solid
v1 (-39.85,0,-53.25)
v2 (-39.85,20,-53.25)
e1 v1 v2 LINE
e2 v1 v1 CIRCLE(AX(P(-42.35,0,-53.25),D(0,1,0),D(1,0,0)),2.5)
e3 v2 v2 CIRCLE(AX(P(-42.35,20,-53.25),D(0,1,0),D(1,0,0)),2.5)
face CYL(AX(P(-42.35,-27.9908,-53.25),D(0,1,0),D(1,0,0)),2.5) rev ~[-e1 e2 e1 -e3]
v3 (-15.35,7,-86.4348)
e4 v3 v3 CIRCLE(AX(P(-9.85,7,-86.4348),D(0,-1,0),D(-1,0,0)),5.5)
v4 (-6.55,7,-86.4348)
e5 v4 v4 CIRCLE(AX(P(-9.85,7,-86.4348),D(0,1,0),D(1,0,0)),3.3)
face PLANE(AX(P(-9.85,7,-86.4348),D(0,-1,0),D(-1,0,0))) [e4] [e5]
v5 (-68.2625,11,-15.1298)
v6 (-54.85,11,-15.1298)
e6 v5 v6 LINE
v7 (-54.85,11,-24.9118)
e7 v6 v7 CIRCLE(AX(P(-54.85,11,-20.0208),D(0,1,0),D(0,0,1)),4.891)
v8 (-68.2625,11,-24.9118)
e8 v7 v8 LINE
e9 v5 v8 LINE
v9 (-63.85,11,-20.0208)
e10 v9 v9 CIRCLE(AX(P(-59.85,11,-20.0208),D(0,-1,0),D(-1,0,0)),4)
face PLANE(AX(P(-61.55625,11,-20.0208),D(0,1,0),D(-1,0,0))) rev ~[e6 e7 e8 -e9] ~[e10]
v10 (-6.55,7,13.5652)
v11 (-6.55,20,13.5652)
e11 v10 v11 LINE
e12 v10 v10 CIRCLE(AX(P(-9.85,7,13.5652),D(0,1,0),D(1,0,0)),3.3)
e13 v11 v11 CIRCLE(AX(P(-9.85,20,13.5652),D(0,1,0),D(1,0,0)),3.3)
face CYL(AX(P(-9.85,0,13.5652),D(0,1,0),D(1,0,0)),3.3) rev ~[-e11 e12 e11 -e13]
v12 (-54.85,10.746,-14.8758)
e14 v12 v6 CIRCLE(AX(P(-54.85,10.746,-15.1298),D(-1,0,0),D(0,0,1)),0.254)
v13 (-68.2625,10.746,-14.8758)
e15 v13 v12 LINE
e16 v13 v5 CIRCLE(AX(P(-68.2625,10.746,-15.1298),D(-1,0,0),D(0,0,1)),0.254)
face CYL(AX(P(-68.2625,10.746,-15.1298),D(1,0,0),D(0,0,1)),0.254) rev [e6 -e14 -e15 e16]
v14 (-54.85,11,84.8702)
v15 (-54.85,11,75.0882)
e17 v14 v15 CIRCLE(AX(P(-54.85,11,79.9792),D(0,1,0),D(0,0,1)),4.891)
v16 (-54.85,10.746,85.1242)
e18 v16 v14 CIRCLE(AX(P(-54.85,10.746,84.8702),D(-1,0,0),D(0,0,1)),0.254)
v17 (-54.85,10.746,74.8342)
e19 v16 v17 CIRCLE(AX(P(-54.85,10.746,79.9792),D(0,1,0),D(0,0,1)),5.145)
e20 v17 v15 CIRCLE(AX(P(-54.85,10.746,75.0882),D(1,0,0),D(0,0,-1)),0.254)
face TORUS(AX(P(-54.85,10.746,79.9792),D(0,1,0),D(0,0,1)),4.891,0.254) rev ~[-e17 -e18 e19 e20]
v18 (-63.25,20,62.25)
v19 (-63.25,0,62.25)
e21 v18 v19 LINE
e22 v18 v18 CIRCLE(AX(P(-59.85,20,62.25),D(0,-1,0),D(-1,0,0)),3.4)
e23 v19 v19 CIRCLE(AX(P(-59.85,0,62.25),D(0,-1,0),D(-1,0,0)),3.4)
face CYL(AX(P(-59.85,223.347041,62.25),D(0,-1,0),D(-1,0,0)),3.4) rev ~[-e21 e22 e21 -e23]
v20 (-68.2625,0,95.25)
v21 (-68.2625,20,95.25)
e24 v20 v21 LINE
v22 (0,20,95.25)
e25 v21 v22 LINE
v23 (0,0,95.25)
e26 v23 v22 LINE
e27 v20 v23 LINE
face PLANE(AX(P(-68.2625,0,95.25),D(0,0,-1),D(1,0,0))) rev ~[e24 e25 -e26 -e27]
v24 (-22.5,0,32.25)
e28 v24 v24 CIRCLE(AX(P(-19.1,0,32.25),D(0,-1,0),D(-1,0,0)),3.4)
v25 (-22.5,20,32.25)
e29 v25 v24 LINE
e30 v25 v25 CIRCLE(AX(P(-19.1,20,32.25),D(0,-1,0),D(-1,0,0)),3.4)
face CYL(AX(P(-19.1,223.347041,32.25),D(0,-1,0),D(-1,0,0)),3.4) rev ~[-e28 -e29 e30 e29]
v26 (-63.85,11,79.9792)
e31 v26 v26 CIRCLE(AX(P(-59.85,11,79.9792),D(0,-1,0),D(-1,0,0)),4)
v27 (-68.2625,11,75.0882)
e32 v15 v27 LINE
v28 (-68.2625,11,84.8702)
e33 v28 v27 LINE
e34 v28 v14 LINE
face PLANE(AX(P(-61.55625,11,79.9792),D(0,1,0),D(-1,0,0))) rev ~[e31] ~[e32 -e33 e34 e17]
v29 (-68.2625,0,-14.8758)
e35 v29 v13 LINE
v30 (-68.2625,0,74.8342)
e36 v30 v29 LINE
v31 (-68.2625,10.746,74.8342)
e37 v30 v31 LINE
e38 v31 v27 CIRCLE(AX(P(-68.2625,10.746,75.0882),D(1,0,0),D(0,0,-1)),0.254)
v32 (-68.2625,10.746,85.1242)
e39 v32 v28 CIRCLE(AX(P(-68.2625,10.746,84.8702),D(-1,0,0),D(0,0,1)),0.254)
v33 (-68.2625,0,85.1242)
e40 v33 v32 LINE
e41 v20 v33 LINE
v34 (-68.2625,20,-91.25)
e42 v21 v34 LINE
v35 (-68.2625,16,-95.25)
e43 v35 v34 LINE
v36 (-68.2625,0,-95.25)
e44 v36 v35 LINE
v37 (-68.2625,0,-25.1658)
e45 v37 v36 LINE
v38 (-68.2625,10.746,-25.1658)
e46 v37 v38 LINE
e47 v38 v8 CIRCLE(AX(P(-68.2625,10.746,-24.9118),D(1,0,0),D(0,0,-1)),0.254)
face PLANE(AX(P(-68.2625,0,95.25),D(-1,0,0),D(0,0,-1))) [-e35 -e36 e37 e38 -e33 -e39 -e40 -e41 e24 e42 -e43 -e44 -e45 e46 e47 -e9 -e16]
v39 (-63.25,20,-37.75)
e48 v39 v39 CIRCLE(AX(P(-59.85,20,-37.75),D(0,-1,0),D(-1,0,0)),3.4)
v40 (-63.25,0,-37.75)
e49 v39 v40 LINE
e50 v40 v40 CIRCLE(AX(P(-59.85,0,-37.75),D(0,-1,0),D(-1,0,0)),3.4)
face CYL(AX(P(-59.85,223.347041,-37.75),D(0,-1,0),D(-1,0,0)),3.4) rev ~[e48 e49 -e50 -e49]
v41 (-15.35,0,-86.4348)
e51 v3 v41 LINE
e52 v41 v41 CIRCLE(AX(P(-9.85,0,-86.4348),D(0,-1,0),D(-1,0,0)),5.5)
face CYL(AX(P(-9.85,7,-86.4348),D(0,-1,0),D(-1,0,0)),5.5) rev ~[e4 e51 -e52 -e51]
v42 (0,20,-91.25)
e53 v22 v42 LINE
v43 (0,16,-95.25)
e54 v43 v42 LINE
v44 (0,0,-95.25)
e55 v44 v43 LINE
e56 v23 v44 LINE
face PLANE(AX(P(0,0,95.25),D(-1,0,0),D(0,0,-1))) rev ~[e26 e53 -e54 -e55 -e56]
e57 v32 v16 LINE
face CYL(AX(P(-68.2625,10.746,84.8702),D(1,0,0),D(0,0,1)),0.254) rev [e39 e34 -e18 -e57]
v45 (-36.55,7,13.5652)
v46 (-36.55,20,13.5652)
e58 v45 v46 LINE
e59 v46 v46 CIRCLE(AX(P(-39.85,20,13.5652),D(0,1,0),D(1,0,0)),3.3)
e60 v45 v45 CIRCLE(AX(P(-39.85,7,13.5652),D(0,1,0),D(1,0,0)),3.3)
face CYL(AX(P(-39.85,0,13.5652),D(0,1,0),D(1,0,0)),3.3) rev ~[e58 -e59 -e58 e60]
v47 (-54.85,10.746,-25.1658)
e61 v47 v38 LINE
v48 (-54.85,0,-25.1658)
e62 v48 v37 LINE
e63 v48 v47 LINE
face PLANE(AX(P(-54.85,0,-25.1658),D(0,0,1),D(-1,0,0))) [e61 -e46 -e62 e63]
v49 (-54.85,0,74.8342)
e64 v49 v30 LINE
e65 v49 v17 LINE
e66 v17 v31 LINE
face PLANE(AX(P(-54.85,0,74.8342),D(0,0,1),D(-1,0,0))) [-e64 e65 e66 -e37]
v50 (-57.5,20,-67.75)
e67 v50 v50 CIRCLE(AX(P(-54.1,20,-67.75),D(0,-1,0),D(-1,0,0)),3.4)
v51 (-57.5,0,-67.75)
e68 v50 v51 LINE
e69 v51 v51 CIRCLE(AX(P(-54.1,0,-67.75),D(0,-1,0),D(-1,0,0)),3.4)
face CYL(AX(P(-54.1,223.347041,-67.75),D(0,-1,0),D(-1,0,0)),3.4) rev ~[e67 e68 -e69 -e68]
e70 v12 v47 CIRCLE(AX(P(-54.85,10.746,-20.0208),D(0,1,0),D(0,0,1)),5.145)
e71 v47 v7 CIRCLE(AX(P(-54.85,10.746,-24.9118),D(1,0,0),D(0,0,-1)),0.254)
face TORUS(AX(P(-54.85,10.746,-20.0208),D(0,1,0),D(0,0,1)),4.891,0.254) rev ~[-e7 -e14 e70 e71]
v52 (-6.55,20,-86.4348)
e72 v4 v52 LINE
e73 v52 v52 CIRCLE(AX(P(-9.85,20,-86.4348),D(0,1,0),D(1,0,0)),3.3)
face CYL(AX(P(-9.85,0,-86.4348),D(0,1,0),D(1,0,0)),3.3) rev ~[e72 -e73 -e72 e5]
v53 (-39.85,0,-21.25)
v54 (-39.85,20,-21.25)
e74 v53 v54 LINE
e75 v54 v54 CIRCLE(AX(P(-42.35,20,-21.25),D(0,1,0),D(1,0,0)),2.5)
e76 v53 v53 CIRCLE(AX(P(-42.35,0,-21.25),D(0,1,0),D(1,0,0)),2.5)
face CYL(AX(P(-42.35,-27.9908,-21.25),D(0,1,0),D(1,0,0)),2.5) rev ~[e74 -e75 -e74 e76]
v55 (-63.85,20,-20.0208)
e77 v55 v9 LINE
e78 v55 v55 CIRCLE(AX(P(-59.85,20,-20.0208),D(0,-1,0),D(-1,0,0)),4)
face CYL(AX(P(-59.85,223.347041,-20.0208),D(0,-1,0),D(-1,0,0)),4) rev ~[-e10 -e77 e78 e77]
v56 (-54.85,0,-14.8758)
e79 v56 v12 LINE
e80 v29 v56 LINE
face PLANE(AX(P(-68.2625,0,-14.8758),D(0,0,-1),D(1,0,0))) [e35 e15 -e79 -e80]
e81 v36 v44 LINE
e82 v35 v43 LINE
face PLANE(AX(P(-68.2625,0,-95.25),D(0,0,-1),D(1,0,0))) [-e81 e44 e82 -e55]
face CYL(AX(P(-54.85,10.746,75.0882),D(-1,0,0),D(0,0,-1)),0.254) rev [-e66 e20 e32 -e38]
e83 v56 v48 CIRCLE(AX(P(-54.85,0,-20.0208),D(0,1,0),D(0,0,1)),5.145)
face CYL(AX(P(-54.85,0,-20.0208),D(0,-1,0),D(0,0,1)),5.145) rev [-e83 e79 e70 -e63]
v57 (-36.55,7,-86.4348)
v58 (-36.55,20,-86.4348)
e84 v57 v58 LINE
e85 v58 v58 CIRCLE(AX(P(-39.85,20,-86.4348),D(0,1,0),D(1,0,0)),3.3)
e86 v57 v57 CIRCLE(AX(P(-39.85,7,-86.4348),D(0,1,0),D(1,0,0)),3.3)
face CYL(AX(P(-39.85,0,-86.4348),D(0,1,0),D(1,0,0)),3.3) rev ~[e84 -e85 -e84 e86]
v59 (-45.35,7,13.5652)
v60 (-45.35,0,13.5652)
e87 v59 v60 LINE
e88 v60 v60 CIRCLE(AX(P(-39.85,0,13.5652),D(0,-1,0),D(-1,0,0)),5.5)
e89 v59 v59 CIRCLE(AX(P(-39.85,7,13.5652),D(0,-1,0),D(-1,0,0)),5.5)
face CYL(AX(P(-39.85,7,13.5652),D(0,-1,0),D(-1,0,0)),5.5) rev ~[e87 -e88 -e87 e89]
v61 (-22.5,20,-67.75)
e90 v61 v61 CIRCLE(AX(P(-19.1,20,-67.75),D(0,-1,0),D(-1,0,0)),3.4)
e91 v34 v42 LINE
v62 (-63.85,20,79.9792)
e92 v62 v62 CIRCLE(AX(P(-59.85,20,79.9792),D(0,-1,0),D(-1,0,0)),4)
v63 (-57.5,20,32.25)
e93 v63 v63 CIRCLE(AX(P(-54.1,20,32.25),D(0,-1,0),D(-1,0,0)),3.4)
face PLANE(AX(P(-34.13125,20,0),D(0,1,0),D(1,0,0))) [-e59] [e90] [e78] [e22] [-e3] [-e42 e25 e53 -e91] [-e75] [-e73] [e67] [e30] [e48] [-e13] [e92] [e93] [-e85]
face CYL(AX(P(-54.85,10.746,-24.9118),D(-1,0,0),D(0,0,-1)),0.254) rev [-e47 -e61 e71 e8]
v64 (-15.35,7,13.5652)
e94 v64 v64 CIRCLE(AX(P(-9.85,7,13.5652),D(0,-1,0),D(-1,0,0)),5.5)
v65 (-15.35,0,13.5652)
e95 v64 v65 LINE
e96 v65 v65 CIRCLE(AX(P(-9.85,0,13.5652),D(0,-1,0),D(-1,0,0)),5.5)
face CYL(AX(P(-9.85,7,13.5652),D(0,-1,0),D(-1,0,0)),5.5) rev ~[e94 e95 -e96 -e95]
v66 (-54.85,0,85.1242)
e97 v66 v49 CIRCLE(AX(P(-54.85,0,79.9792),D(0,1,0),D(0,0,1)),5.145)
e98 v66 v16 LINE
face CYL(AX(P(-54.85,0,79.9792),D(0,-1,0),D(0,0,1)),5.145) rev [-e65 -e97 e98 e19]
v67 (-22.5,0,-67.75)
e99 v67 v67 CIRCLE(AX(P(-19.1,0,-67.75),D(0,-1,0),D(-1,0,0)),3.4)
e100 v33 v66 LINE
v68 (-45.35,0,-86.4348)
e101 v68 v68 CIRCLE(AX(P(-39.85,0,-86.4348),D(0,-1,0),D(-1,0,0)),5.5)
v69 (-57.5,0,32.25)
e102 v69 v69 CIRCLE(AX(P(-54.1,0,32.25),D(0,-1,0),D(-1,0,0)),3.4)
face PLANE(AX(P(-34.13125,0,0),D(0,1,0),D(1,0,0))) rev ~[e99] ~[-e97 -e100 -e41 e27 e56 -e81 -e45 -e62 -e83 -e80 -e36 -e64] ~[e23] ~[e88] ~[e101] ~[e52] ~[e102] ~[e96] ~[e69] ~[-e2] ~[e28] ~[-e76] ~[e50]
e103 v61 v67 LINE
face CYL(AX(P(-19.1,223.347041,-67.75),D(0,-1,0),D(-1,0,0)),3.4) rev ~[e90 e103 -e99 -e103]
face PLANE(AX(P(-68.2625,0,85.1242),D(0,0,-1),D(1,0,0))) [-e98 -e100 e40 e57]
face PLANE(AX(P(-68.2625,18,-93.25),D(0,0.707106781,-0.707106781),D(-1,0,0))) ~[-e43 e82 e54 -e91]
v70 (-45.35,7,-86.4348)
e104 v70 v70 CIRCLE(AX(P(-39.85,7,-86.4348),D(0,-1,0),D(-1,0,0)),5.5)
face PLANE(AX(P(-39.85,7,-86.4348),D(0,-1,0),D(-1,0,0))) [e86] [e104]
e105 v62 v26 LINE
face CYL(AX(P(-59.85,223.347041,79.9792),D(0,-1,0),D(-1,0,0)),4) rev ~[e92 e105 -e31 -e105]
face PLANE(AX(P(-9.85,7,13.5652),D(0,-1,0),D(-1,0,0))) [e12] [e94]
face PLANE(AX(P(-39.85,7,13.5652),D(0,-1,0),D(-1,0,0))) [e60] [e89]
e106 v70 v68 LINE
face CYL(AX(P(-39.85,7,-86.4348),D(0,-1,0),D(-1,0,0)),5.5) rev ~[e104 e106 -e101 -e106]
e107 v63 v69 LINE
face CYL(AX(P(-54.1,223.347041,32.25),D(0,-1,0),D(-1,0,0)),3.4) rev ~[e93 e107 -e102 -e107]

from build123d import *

# Parameters (mm, degrees)
SKETCH1_W                                           = 68.2625
SKETCH1_H                                           = 190.5
BOSS_EXTRUDE1_DEPTH                                 = 20
CHAMFER1_SIZE                                       = 4
M8_TAPPED_HOLE1_D                                   = 6.8
F_8_0_8_DIAMETER_HOLE1_D                            = 8
CUT_EXTRUDE1_DEPTH                                  = 11
FILLET1_R                                           = 0.254
CBORE_FOR_M6_HEX_SOCKET_HEAD_CAP_SCREW1_D           = 6.6
CBORE_FOR_M6_HEX_SOCKET_HEAD_CAP_SCREW1_CBORE_D     = 11
CBORE_FOR_M6_HEX_SOCKET_HEAD_CAP_SCREW1_CBORE_DEPTH = 7
M6_TAPPED_HOLE1_D                                   = 5
M6_TAPPED_HOLE1_DEPTH                               = 27.9908
M6_TAPPED_HOLE1_TIP                                 = 1.502151548


with BuildPart() as part:
    # Sketch1 → Boss-Extrude1 (new body)
    with BuildSketch(Plane(origin=(0, 0, 0), x_dir=(1, 0, 0), z_dir=(0, 1, 0))):
        with Locations((-34.13125, 0)):
            Rectangle(SKETCH1_W, SKETCH1_H)
    extrude(amount=BOSS_EXTRUDE1_DEPTH)

    # Chamfer1
    chamfer1_edges = [part.edges().sort_by_distance(p)[0] for p in [
        (-34.13125, 20, -95.25),
    ]]
    chamfer(chamfer1_edges, length=CHAMFER1_SIZE)

    # M8 Tapped Hole1 (through all)
    with Locations(Plane(origin=(0, 20, 0), x_dir=(1, 0, 0), z_dir=(0, 1, 0))):
        with Locations((-59.85, -62.25), (-54.1, -32.25), (-19.1, -32.25), (-59.85, 37.75), (-54.1, 67.75), (-19.1, 67.75)):
            Hole(M8_TAPPED_HOLE1_D / 2)

    # Ø8.0 (8) Diameter Hole1 (through all)
    with Locations(Plane(origin=(0, 20, 0), x_dir=(1, 0, 0), z_dir=(0, 1, 0))):
        with Locations((-59.85, 20.0208), (-59.85, -79.9792)):
            Hole(F_8_0_8_DIAMETER_HOLE1_D / 2)

    # Sketch6 → Cut-Extrude1 (cut)
    with BuildSketch(Plane.XZ):
        with BuildLine():
            Line((-68.2625, 85.1242), (-54.85, 85.1242))
            ThreePointArc((-54.85, 85.1242), (-49.705, 79.9792), (-54.85, 74.8342))
            Line((-54.85, 74.8342), (-68.2625, 74.8342))
            ThreePointArc((-68.2625, 74.8342), (-73.4075, 79.9792), (-68.2625, 85.1242))
        make_face()
        with BuildLine():
            Line((-68.2625, -14.8758), (-54.85, -14.8758))
            ThreePointArc((-54.85, -14.8758), (-49.705, -20.0208), (-54.85, -25.1658))
            Line((-54.85, -25.1658), (-68.2625, -25.1658))
            ThreePointArc((-68.2625, -25.1658), (-73.4075, -20.0208), (-68.2625, -14.8758))
        make_face()
    extrude(amount=-CUT_EXTRUDE1_DEPTH, mode=Mode.SUBTRACT)

    # Fillet1
    fillet1_edges = [part.edges().sort_by_distance(p)[0] for p in [
        (-61.55625, 11, 85.1242),
        (-49.705, 11, 79.9792),
        (-61.55625, 11, 74.8342),
        (-61.55625, 11, -14.8758),
        (-49.705, 11, -20.0208),
        (-61.55625, 11, -25.1658),
    ]]
    fillet(fillet1_edges, radius=FILLET1_R)

    # CBORE for M6 Hex Socket Head Cap Screw1 (through all)
    with Locations(Plane(origin=(0, 0, 0), x_dir=(-1, 0, 0), z_dir=(0, -1, 0))):
        with Locations((9.849999954, 86.434800002), (39.849999954, 86.434800002), (39.849999954, -13.565199998), (9.849999954, -13.565199998)):
            CounterBoreHole(CBORE_FOR_M6_HEX_SOCKET_HEAD_CAP_SCREW1_D / 2, CBORE_FOR_M6_HEX_SOCKET_HEAD_CAP_SCREW1_CBORE_D / 2, CBORE_FOR_M6_HEX_SOCKET_HEAD_CAP_SCREW1_CBORE_DEPTH)

    # M6 Tapped Hole1
    with Locations(Plane(origin=(0, 0, 0), x_dir=(-1, 0, 0), z_dir=(0, -1, 0))):
        with Locations((42.35, 21.249999996), (42.35, 53.249999996)):
            Hole(M6_TAPPED_HOLE1_D / 2, depth=M6_TAPPED_HOLE1_DEPTH)
            with Locations((0, 0, -(M6_TAPPED_HOLE1_DEPTH + M6_TAPPED_HOLE1_TIP / 2))):  # 118° drill point
                Cone(0, M6_TAPPED_HOLE1_D / 2, M6_TAPPED_HOLE1_TIP, mode=Mode.SUBTRACT)


solid = part.part
